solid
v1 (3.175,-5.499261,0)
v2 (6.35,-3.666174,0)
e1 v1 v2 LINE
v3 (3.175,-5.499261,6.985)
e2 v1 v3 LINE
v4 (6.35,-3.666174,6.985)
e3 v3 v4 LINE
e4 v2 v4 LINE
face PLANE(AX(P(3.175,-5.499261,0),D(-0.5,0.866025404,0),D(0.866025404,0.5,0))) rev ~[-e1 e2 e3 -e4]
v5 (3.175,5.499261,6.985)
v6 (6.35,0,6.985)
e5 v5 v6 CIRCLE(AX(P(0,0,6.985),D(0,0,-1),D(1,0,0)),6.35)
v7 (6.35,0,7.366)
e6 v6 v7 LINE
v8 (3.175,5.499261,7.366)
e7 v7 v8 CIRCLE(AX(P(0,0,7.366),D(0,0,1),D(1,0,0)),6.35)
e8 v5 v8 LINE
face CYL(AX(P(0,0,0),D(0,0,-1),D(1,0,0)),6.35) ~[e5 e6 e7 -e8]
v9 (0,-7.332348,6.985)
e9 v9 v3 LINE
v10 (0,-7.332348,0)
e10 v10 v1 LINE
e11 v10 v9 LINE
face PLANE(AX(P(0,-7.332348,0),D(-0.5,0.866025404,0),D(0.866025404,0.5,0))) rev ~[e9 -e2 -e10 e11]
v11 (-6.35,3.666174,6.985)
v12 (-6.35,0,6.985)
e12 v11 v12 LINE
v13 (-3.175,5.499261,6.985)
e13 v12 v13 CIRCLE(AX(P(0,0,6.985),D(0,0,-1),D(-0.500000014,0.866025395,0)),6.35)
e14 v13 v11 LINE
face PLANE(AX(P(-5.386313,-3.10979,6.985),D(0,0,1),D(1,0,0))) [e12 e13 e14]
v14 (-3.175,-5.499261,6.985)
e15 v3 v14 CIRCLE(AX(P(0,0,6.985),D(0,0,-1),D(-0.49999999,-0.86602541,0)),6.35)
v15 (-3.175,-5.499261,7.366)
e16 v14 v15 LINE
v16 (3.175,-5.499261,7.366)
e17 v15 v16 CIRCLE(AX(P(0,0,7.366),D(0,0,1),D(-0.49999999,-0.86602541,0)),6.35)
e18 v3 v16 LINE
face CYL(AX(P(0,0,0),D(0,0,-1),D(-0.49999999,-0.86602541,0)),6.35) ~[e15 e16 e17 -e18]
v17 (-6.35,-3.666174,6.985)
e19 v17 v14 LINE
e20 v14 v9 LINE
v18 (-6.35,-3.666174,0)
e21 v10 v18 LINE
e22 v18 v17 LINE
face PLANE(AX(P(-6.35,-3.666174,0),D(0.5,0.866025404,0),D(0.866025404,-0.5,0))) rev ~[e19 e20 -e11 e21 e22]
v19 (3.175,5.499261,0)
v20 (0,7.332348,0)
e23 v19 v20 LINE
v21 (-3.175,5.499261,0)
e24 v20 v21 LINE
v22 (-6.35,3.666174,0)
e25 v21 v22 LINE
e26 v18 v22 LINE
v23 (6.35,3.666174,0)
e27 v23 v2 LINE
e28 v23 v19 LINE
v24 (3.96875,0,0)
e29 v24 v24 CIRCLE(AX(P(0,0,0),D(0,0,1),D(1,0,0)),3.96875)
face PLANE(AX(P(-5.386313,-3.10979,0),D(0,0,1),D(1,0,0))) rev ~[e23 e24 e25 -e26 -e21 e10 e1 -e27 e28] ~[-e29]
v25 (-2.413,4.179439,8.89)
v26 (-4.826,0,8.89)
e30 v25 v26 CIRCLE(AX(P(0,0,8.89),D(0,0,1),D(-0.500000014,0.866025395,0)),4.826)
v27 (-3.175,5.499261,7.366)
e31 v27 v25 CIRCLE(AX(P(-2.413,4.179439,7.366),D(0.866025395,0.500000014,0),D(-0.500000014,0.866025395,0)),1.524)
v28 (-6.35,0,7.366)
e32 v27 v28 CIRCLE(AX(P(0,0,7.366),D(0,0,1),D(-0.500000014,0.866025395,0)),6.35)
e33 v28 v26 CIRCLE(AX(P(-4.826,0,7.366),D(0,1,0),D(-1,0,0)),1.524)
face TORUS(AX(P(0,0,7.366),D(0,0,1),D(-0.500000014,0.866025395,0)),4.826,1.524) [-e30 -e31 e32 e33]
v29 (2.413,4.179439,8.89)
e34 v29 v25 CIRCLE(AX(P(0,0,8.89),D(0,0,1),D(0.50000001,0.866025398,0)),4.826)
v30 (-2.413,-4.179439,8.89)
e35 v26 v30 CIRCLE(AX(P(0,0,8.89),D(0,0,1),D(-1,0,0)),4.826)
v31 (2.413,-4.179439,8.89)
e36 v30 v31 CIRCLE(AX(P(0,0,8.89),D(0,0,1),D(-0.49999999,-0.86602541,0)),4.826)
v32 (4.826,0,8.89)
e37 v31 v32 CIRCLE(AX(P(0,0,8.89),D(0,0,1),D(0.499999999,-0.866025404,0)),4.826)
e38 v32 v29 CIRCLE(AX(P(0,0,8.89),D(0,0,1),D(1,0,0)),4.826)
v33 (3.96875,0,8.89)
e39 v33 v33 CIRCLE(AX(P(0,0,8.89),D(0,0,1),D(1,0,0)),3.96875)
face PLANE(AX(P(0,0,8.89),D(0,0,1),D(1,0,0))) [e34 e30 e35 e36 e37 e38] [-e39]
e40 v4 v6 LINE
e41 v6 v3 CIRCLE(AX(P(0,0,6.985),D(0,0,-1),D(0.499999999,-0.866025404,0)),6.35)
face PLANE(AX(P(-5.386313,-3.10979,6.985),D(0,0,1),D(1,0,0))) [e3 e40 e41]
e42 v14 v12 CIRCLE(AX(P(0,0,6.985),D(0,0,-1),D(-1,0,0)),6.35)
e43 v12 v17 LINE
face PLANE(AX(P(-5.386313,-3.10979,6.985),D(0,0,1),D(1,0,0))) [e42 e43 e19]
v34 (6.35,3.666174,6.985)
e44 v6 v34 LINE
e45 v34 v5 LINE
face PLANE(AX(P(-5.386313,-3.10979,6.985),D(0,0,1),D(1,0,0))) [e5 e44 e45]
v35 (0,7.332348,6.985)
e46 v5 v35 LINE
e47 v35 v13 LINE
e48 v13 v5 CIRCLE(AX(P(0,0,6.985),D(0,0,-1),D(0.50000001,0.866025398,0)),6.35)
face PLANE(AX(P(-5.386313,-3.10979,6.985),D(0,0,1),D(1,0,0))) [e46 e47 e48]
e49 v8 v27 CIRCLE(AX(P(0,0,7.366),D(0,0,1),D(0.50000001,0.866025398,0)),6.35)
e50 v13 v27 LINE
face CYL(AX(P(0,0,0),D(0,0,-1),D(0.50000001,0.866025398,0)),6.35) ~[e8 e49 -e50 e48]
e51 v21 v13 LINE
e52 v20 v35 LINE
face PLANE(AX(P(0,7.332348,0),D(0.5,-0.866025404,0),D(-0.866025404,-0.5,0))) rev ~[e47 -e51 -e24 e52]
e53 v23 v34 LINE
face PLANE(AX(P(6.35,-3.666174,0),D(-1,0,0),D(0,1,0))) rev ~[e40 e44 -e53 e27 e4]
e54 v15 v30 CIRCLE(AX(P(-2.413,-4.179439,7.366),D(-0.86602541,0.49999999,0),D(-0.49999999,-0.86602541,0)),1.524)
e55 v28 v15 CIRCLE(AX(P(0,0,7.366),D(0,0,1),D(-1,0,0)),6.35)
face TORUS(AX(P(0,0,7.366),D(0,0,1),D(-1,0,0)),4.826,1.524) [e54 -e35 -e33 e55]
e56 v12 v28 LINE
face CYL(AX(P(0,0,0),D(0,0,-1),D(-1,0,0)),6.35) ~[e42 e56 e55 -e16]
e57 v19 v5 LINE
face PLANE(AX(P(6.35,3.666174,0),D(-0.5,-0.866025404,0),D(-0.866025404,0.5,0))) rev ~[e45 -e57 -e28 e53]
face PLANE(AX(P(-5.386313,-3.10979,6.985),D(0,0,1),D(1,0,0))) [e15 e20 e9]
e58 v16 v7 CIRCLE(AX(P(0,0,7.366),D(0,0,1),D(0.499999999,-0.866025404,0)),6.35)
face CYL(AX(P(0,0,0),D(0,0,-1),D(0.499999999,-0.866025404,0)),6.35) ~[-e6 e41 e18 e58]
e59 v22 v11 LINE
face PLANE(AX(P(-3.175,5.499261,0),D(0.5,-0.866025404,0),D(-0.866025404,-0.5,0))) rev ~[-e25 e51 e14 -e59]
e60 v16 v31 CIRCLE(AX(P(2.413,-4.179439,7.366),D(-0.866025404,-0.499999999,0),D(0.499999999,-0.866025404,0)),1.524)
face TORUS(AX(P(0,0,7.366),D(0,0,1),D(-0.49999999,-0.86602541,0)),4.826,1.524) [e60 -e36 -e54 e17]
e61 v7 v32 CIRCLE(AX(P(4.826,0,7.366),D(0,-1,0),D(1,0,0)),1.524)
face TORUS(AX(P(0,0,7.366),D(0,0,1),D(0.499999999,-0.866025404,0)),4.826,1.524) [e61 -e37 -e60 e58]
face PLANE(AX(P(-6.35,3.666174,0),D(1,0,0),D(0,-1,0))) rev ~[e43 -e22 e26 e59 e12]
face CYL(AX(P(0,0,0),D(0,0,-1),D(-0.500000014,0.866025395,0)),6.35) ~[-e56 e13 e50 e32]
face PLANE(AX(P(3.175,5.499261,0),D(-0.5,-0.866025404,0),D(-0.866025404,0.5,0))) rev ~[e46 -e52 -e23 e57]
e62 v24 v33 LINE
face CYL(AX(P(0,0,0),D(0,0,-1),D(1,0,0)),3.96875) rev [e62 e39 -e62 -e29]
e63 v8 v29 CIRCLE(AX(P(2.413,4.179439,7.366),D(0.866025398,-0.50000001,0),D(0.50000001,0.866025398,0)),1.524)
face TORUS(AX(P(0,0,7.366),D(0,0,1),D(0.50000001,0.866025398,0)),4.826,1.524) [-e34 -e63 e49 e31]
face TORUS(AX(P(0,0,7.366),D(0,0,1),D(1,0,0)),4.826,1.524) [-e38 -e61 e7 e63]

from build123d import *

# Parameters (mm, degrees)
F0_R     = 3.96875
F1_DEPTH = 6.985
F2_DEPTH = 8.89
F3_R     = 1.524


with BuildPart() as f1:
    # F0 (on Top) → F1 (new body)
    with BuildSketch(Plane.XY):
        with BuildLine():
            Line((-6.35, -3.6661742094), (-3.174999936, -5.499261351))
            ThreePointArc((-3.174999936, -5.499261351), (-5.4992612955, -3.175000032), (-6.35, 0))
            Line((-6.35, 0), (-6.35, -3.6661742094))
        make_face()
        with BuildLine():
            ThreePointArc((-6.35, 0), (-5.4992613406, 3.174999954), (-3.175000092, 5.4992612609))
            Line((-3.175000092, 5.4992612609), (-6.35, 3.6661742094))
            Line((-6.35, 3.6661742094), (-6.35, 0))
        make_face()
        with BuildLine():
            ThreePointArc((-3.175000092, 5.4992612609), (-1.72e-08, 6.35), (3.1750000622, 5.4992612781))
            Line((3.1750000622, 5.4992612781), (0, 7.3323484187))
            Line((0, 7.3323484187), (-3.175000092, 5.4992612609))
        make_face()
        with BuildLine():
            ThreePointArc((3.1750000622, 5.4992612781), (5.499261332, 3.1749999689), (6.35, 0))
            Line((6.35, 0), (6.35, 3.6661742094))
            Line((6.35, 3.6661742094), (3.1750000622, 5.4992612781))
        make_face()
        with BuildLine():
            Line((6.35, -3.6661742094), (6.35, 0))
            ThreePointArc((6.35, 0), (5.4992613128, -3.1750000022), (3.1749999956, -5.4992613166))
            Line((3.1749999956, -5.4992613166), (6.35, -3.6661742094))
        make_face()
        with BuildLine():
            Line((0, -7.3323484187), (3.1749999956, -5.4992613166))
            ThreePointArc((3.1749999956, -5.4992613166), (3.44e-08, -6.35), (-3.174999936, -5.499261351))
            Line((-3.174999936, -5.499261351), (0, -7.3323484187))
        make_face()
        with BuildLine():
            ThreePointArc((3.1749999956, -5.4992613166), (5.4992613128, -3.1750000022), (6.35, 0))
            ThreePointArc((6.35, 0), (5.499261332, 3.1749999689), (3.1750000622, 5.4992612781))
            ThreePointArc((3.1750000622, 5.4992612781), (-1.72e-08, 6.35), (-3.175000092, 5.4992612609))
            ThreePointArc((-3.175000092, 5.4992612609), (-5.4992613406, 3.174999954), (-6.35, 0))
            ThreePointArc((-6.35, 0), (-5.4992612955, -3.175000032), (-3.174999936, -5.499261351))
            ThreePointArc((-3.174999936, -5.499261351), (3.44e-08, -6.35), (3.1749999956, -5.4992613166))
        make_face()
        Circle(F0_R, mode=Mode.SUBTRACT)
    extrude(amount=F1_DEPTH)

    # F0 (on Top) → F2 (join)
    with BuildSketch(Plane.XY):
        with BuildLine():
            ThreePointArc((3.1749999956, -5.4992613166), (5.4992613128, -3.1750000022), (6.35, 0))
            ThreePointArc((6.35, 0), (5.499261332, 3.1749999689), (3.1750000622, 5.4992612781))
            ThreePointArc((3.1750000622, 5.4992612781), (-1.72e-08, 6.35), (-3.175000092, 5.4992612609))
            ThreePointArc((-3.175000092, 5.4992612609), (-5.4992613406, 3.174999954), (-6.35, 0))
            ThreePointArc((-6.35, 0), (-5.4992612955, -3.175000032), (-3.174999936, -5.499261351))
            ThreePointArc((-3.174999936, -5.499261351), (3.44e-08, -6.35), (3.1749999956, -5.4992613166))
        make_face()
        Circle(F0_R, mode=Mode.SUBTRACT)
    extrude(amount=F2_DEPTH)

    # F3
    f3_edges = [f1.edges().sort_by_distance(p)[0] for p in [
        (3.175, -5.499261, 8.89),
    ]]
    fillet(f3_edges, radius=F3_R)


solid = f1.part
